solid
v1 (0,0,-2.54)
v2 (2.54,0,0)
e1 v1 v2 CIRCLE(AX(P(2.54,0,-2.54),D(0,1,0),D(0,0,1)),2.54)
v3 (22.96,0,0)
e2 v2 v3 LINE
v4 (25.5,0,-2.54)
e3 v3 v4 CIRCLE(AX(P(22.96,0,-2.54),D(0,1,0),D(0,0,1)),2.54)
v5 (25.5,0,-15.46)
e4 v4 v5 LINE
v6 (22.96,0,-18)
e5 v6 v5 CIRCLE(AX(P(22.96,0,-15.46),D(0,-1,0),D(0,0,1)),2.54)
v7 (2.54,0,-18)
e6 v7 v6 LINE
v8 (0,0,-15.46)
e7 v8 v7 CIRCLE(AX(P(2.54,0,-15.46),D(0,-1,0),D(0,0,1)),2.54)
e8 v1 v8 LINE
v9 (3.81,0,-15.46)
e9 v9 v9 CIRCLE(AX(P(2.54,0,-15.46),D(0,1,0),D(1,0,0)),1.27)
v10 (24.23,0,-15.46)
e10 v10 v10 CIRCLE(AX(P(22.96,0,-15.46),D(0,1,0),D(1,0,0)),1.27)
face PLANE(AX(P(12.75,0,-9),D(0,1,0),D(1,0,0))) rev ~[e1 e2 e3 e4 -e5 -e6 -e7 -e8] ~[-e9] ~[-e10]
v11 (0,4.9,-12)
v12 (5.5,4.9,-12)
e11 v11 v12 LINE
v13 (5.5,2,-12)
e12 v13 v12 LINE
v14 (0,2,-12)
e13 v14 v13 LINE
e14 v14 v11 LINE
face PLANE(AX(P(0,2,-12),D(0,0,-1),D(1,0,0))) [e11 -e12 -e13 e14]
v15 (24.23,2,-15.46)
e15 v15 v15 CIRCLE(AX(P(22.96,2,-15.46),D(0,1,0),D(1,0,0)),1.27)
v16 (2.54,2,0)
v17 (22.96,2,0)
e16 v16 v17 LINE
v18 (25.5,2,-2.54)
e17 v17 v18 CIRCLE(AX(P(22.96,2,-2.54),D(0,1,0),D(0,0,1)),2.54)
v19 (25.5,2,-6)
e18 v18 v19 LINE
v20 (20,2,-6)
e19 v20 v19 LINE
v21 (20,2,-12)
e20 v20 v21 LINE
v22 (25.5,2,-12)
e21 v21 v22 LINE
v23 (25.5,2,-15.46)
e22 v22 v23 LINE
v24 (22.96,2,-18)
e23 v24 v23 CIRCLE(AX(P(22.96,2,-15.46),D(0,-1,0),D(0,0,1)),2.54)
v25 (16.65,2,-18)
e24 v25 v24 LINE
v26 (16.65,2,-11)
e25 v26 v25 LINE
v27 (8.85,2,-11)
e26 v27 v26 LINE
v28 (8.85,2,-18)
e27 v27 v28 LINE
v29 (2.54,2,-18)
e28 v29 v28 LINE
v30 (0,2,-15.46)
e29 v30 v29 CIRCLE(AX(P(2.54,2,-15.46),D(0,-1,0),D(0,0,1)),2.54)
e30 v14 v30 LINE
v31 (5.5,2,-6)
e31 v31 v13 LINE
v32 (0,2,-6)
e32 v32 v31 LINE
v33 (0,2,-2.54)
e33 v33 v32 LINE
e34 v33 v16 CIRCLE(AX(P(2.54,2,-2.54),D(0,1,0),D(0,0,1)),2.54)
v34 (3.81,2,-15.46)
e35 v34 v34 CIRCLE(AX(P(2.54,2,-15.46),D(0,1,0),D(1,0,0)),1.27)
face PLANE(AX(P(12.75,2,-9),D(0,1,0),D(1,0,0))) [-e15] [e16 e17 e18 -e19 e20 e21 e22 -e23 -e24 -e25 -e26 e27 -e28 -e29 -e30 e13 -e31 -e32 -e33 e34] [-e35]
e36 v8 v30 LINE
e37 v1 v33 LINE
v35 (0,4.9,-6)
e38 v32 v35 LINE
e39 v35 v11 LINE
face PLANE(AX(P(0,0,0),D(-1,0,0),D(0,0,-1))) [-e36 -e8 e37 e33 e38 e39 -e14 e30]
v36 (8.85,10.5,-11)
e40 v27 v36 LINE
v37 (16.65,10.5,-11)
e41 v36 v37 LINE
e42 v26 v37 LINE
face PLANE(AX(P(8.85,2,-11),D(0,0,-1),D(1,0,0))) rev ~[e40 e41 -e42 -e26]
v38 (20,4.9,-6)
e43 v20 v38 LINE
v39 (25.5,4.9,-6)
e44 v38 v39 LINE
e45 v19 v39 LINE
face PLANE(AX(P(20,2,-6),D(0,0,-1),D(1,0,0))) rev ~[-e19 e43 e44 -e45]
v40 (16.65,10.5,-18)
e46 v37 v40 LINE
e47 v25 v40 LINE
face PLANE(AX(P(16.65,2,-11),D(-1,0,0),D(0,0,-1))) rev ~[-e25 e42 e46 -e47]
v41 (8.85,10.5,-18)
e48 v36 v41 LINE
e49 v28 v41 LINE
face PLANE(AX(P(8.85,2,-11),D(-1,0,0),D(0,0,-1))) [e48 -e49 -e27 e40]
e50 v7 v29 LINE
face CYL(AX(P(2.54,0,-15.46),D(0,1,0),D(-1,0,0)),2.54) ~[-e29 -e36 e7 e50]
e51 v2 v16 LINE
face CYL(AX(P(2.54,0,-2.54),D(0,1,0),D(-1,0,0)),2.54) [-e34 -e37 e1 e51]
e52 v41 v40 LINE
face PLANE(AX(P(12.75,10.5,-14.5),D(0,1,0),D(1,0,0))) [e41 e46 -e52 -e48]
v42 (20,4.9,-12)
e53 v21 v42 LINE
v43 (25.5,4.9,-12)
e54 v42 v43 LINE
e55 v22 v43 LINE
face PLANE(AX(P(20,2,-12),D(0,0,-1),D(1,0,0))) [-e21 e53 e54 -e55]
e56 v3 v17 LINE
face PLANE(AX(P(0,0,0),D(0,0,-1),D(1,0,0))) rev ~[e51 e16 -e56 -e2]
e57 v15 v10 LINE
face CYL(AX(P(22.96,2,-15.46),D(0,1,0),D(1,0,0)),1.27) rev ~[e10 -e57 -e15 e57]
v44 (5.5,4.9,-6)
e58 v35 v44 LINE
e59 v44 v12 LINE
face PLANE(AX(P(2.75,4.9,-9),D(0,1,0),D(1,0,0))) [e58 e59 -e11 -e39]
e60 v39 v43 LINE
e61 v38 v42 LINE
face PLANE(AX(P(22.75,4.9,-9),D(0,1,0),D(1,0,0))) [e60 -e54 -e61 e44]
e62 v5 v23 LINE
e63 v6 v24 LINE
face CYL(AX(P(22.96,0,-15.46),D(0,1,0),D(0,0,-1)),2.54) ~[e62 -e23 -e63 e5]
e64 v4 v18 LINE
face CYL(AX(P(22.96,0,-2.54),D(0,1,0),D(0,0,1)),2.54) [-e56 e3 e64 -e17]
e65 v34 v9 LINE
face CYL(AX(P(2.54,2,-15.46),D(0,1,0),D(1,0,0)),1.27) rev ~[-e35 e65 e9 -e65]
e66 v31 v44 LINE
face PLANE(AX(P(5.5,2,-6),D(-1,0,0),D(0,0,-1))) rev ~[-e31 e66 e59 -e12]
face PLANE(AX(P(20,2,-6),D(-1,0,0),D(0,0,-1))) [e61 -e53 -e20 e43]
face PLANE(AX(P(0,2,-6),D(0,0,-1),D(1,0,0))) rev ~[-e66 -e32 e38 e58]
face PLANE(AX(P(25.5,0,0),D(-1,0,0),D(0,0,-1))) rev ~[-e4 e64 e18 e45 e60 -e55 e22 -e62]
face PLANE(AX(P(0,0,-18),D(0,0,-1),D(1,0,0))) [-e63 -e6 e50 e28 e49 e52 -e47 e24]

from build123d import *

# Parameters (mm, degrees)
SKETCH1_W           = 25.5
SKETCH1_H           = 18
BOSS_EXTRUDE1_DEPTH = 2
SKETCH2_R           = 1.27
CUT_EXTRUDE1_DEPTH  = 3
SKETCH3_W           = 5.5
SKETCH3_H           = 6
BOSS_EXTRUDE2_DEPTH = 2.9
SKETCH4_W           = 7.8
SKETCH4_H           = 7
BOSS_EXTRUDE3_DEPTH = 8.5
FILLET1_R           = 2.54


with BuildPart() as part:
    # Sketch1 → Boss-Extrude1 (new body)
    with BuildSketch(Plane(origin=(0, 0, 0), x_dir=(1, 0, 0), z_dir=(0, 1, 0))):
        with Locations((12.75, 9)):
            Rectangle(SKETCH1_W, SKETCH1_H)
    extrude(amount=BOSS_EXTRUDE1_DEPTH)

    # Sketch2 → Cut-Extrude1 (cut, through all)
    with BuildSketch(Plane(origin=(0, 2, 0), x_dir=(1, 0, 0), z_dir=(0, 1, 0))):
        with Locations((2.54, 15.46)):
            Circle(SKETCH2_R)
        with Locations((22.96, 15.46)):
            Circle(SKETCH2_R)
    extrude(amount=-CUT_EXTRUDE1_DEPTH, mode=Mode.SUBTRACT)

    # Sketch3 → Boss-Extrude2 (add)
    with BuildSketch(Plane(origin=(0, 2, 0), x_dir=(1, 0, 0), z_dir=(0, 1, 0))):
        with Locations((2.75, 9)):
            Rectangle(SKETCH3_W, SKETCH3_H)
        with Locations((22.75, 9)):
            Rectangle(SKETCH3_W, SKETCH3_H)
    extrude(amount=BOSS_EXTRUDE2_DEPTH)

    # Sketch4 → Boss-Extrude3 (add)
    with BuildSketch(Plane(origin=(0, 2, 0), x_dir=(1, 0, 0), z_dir=(0, 1, 0))):
        with Locations((12.75, 14.5)):
            Rectangle(SKETCH4_W, SKETCH4_H)
    extrude(amount=BOSS_EXTRUDE3_DEPTH)

    # Fillet1
    fillet1_edges = [part.edges().sort_by_distance(p)[0] for p in [
        (0, 1, -18),
        (25.5, 1, -18),
        (25.5, 1, 0),
        (0, 1, 0),
    ]]
    fillet(fillet1_edges, radius=FILLET1_R)


solid = part.part
